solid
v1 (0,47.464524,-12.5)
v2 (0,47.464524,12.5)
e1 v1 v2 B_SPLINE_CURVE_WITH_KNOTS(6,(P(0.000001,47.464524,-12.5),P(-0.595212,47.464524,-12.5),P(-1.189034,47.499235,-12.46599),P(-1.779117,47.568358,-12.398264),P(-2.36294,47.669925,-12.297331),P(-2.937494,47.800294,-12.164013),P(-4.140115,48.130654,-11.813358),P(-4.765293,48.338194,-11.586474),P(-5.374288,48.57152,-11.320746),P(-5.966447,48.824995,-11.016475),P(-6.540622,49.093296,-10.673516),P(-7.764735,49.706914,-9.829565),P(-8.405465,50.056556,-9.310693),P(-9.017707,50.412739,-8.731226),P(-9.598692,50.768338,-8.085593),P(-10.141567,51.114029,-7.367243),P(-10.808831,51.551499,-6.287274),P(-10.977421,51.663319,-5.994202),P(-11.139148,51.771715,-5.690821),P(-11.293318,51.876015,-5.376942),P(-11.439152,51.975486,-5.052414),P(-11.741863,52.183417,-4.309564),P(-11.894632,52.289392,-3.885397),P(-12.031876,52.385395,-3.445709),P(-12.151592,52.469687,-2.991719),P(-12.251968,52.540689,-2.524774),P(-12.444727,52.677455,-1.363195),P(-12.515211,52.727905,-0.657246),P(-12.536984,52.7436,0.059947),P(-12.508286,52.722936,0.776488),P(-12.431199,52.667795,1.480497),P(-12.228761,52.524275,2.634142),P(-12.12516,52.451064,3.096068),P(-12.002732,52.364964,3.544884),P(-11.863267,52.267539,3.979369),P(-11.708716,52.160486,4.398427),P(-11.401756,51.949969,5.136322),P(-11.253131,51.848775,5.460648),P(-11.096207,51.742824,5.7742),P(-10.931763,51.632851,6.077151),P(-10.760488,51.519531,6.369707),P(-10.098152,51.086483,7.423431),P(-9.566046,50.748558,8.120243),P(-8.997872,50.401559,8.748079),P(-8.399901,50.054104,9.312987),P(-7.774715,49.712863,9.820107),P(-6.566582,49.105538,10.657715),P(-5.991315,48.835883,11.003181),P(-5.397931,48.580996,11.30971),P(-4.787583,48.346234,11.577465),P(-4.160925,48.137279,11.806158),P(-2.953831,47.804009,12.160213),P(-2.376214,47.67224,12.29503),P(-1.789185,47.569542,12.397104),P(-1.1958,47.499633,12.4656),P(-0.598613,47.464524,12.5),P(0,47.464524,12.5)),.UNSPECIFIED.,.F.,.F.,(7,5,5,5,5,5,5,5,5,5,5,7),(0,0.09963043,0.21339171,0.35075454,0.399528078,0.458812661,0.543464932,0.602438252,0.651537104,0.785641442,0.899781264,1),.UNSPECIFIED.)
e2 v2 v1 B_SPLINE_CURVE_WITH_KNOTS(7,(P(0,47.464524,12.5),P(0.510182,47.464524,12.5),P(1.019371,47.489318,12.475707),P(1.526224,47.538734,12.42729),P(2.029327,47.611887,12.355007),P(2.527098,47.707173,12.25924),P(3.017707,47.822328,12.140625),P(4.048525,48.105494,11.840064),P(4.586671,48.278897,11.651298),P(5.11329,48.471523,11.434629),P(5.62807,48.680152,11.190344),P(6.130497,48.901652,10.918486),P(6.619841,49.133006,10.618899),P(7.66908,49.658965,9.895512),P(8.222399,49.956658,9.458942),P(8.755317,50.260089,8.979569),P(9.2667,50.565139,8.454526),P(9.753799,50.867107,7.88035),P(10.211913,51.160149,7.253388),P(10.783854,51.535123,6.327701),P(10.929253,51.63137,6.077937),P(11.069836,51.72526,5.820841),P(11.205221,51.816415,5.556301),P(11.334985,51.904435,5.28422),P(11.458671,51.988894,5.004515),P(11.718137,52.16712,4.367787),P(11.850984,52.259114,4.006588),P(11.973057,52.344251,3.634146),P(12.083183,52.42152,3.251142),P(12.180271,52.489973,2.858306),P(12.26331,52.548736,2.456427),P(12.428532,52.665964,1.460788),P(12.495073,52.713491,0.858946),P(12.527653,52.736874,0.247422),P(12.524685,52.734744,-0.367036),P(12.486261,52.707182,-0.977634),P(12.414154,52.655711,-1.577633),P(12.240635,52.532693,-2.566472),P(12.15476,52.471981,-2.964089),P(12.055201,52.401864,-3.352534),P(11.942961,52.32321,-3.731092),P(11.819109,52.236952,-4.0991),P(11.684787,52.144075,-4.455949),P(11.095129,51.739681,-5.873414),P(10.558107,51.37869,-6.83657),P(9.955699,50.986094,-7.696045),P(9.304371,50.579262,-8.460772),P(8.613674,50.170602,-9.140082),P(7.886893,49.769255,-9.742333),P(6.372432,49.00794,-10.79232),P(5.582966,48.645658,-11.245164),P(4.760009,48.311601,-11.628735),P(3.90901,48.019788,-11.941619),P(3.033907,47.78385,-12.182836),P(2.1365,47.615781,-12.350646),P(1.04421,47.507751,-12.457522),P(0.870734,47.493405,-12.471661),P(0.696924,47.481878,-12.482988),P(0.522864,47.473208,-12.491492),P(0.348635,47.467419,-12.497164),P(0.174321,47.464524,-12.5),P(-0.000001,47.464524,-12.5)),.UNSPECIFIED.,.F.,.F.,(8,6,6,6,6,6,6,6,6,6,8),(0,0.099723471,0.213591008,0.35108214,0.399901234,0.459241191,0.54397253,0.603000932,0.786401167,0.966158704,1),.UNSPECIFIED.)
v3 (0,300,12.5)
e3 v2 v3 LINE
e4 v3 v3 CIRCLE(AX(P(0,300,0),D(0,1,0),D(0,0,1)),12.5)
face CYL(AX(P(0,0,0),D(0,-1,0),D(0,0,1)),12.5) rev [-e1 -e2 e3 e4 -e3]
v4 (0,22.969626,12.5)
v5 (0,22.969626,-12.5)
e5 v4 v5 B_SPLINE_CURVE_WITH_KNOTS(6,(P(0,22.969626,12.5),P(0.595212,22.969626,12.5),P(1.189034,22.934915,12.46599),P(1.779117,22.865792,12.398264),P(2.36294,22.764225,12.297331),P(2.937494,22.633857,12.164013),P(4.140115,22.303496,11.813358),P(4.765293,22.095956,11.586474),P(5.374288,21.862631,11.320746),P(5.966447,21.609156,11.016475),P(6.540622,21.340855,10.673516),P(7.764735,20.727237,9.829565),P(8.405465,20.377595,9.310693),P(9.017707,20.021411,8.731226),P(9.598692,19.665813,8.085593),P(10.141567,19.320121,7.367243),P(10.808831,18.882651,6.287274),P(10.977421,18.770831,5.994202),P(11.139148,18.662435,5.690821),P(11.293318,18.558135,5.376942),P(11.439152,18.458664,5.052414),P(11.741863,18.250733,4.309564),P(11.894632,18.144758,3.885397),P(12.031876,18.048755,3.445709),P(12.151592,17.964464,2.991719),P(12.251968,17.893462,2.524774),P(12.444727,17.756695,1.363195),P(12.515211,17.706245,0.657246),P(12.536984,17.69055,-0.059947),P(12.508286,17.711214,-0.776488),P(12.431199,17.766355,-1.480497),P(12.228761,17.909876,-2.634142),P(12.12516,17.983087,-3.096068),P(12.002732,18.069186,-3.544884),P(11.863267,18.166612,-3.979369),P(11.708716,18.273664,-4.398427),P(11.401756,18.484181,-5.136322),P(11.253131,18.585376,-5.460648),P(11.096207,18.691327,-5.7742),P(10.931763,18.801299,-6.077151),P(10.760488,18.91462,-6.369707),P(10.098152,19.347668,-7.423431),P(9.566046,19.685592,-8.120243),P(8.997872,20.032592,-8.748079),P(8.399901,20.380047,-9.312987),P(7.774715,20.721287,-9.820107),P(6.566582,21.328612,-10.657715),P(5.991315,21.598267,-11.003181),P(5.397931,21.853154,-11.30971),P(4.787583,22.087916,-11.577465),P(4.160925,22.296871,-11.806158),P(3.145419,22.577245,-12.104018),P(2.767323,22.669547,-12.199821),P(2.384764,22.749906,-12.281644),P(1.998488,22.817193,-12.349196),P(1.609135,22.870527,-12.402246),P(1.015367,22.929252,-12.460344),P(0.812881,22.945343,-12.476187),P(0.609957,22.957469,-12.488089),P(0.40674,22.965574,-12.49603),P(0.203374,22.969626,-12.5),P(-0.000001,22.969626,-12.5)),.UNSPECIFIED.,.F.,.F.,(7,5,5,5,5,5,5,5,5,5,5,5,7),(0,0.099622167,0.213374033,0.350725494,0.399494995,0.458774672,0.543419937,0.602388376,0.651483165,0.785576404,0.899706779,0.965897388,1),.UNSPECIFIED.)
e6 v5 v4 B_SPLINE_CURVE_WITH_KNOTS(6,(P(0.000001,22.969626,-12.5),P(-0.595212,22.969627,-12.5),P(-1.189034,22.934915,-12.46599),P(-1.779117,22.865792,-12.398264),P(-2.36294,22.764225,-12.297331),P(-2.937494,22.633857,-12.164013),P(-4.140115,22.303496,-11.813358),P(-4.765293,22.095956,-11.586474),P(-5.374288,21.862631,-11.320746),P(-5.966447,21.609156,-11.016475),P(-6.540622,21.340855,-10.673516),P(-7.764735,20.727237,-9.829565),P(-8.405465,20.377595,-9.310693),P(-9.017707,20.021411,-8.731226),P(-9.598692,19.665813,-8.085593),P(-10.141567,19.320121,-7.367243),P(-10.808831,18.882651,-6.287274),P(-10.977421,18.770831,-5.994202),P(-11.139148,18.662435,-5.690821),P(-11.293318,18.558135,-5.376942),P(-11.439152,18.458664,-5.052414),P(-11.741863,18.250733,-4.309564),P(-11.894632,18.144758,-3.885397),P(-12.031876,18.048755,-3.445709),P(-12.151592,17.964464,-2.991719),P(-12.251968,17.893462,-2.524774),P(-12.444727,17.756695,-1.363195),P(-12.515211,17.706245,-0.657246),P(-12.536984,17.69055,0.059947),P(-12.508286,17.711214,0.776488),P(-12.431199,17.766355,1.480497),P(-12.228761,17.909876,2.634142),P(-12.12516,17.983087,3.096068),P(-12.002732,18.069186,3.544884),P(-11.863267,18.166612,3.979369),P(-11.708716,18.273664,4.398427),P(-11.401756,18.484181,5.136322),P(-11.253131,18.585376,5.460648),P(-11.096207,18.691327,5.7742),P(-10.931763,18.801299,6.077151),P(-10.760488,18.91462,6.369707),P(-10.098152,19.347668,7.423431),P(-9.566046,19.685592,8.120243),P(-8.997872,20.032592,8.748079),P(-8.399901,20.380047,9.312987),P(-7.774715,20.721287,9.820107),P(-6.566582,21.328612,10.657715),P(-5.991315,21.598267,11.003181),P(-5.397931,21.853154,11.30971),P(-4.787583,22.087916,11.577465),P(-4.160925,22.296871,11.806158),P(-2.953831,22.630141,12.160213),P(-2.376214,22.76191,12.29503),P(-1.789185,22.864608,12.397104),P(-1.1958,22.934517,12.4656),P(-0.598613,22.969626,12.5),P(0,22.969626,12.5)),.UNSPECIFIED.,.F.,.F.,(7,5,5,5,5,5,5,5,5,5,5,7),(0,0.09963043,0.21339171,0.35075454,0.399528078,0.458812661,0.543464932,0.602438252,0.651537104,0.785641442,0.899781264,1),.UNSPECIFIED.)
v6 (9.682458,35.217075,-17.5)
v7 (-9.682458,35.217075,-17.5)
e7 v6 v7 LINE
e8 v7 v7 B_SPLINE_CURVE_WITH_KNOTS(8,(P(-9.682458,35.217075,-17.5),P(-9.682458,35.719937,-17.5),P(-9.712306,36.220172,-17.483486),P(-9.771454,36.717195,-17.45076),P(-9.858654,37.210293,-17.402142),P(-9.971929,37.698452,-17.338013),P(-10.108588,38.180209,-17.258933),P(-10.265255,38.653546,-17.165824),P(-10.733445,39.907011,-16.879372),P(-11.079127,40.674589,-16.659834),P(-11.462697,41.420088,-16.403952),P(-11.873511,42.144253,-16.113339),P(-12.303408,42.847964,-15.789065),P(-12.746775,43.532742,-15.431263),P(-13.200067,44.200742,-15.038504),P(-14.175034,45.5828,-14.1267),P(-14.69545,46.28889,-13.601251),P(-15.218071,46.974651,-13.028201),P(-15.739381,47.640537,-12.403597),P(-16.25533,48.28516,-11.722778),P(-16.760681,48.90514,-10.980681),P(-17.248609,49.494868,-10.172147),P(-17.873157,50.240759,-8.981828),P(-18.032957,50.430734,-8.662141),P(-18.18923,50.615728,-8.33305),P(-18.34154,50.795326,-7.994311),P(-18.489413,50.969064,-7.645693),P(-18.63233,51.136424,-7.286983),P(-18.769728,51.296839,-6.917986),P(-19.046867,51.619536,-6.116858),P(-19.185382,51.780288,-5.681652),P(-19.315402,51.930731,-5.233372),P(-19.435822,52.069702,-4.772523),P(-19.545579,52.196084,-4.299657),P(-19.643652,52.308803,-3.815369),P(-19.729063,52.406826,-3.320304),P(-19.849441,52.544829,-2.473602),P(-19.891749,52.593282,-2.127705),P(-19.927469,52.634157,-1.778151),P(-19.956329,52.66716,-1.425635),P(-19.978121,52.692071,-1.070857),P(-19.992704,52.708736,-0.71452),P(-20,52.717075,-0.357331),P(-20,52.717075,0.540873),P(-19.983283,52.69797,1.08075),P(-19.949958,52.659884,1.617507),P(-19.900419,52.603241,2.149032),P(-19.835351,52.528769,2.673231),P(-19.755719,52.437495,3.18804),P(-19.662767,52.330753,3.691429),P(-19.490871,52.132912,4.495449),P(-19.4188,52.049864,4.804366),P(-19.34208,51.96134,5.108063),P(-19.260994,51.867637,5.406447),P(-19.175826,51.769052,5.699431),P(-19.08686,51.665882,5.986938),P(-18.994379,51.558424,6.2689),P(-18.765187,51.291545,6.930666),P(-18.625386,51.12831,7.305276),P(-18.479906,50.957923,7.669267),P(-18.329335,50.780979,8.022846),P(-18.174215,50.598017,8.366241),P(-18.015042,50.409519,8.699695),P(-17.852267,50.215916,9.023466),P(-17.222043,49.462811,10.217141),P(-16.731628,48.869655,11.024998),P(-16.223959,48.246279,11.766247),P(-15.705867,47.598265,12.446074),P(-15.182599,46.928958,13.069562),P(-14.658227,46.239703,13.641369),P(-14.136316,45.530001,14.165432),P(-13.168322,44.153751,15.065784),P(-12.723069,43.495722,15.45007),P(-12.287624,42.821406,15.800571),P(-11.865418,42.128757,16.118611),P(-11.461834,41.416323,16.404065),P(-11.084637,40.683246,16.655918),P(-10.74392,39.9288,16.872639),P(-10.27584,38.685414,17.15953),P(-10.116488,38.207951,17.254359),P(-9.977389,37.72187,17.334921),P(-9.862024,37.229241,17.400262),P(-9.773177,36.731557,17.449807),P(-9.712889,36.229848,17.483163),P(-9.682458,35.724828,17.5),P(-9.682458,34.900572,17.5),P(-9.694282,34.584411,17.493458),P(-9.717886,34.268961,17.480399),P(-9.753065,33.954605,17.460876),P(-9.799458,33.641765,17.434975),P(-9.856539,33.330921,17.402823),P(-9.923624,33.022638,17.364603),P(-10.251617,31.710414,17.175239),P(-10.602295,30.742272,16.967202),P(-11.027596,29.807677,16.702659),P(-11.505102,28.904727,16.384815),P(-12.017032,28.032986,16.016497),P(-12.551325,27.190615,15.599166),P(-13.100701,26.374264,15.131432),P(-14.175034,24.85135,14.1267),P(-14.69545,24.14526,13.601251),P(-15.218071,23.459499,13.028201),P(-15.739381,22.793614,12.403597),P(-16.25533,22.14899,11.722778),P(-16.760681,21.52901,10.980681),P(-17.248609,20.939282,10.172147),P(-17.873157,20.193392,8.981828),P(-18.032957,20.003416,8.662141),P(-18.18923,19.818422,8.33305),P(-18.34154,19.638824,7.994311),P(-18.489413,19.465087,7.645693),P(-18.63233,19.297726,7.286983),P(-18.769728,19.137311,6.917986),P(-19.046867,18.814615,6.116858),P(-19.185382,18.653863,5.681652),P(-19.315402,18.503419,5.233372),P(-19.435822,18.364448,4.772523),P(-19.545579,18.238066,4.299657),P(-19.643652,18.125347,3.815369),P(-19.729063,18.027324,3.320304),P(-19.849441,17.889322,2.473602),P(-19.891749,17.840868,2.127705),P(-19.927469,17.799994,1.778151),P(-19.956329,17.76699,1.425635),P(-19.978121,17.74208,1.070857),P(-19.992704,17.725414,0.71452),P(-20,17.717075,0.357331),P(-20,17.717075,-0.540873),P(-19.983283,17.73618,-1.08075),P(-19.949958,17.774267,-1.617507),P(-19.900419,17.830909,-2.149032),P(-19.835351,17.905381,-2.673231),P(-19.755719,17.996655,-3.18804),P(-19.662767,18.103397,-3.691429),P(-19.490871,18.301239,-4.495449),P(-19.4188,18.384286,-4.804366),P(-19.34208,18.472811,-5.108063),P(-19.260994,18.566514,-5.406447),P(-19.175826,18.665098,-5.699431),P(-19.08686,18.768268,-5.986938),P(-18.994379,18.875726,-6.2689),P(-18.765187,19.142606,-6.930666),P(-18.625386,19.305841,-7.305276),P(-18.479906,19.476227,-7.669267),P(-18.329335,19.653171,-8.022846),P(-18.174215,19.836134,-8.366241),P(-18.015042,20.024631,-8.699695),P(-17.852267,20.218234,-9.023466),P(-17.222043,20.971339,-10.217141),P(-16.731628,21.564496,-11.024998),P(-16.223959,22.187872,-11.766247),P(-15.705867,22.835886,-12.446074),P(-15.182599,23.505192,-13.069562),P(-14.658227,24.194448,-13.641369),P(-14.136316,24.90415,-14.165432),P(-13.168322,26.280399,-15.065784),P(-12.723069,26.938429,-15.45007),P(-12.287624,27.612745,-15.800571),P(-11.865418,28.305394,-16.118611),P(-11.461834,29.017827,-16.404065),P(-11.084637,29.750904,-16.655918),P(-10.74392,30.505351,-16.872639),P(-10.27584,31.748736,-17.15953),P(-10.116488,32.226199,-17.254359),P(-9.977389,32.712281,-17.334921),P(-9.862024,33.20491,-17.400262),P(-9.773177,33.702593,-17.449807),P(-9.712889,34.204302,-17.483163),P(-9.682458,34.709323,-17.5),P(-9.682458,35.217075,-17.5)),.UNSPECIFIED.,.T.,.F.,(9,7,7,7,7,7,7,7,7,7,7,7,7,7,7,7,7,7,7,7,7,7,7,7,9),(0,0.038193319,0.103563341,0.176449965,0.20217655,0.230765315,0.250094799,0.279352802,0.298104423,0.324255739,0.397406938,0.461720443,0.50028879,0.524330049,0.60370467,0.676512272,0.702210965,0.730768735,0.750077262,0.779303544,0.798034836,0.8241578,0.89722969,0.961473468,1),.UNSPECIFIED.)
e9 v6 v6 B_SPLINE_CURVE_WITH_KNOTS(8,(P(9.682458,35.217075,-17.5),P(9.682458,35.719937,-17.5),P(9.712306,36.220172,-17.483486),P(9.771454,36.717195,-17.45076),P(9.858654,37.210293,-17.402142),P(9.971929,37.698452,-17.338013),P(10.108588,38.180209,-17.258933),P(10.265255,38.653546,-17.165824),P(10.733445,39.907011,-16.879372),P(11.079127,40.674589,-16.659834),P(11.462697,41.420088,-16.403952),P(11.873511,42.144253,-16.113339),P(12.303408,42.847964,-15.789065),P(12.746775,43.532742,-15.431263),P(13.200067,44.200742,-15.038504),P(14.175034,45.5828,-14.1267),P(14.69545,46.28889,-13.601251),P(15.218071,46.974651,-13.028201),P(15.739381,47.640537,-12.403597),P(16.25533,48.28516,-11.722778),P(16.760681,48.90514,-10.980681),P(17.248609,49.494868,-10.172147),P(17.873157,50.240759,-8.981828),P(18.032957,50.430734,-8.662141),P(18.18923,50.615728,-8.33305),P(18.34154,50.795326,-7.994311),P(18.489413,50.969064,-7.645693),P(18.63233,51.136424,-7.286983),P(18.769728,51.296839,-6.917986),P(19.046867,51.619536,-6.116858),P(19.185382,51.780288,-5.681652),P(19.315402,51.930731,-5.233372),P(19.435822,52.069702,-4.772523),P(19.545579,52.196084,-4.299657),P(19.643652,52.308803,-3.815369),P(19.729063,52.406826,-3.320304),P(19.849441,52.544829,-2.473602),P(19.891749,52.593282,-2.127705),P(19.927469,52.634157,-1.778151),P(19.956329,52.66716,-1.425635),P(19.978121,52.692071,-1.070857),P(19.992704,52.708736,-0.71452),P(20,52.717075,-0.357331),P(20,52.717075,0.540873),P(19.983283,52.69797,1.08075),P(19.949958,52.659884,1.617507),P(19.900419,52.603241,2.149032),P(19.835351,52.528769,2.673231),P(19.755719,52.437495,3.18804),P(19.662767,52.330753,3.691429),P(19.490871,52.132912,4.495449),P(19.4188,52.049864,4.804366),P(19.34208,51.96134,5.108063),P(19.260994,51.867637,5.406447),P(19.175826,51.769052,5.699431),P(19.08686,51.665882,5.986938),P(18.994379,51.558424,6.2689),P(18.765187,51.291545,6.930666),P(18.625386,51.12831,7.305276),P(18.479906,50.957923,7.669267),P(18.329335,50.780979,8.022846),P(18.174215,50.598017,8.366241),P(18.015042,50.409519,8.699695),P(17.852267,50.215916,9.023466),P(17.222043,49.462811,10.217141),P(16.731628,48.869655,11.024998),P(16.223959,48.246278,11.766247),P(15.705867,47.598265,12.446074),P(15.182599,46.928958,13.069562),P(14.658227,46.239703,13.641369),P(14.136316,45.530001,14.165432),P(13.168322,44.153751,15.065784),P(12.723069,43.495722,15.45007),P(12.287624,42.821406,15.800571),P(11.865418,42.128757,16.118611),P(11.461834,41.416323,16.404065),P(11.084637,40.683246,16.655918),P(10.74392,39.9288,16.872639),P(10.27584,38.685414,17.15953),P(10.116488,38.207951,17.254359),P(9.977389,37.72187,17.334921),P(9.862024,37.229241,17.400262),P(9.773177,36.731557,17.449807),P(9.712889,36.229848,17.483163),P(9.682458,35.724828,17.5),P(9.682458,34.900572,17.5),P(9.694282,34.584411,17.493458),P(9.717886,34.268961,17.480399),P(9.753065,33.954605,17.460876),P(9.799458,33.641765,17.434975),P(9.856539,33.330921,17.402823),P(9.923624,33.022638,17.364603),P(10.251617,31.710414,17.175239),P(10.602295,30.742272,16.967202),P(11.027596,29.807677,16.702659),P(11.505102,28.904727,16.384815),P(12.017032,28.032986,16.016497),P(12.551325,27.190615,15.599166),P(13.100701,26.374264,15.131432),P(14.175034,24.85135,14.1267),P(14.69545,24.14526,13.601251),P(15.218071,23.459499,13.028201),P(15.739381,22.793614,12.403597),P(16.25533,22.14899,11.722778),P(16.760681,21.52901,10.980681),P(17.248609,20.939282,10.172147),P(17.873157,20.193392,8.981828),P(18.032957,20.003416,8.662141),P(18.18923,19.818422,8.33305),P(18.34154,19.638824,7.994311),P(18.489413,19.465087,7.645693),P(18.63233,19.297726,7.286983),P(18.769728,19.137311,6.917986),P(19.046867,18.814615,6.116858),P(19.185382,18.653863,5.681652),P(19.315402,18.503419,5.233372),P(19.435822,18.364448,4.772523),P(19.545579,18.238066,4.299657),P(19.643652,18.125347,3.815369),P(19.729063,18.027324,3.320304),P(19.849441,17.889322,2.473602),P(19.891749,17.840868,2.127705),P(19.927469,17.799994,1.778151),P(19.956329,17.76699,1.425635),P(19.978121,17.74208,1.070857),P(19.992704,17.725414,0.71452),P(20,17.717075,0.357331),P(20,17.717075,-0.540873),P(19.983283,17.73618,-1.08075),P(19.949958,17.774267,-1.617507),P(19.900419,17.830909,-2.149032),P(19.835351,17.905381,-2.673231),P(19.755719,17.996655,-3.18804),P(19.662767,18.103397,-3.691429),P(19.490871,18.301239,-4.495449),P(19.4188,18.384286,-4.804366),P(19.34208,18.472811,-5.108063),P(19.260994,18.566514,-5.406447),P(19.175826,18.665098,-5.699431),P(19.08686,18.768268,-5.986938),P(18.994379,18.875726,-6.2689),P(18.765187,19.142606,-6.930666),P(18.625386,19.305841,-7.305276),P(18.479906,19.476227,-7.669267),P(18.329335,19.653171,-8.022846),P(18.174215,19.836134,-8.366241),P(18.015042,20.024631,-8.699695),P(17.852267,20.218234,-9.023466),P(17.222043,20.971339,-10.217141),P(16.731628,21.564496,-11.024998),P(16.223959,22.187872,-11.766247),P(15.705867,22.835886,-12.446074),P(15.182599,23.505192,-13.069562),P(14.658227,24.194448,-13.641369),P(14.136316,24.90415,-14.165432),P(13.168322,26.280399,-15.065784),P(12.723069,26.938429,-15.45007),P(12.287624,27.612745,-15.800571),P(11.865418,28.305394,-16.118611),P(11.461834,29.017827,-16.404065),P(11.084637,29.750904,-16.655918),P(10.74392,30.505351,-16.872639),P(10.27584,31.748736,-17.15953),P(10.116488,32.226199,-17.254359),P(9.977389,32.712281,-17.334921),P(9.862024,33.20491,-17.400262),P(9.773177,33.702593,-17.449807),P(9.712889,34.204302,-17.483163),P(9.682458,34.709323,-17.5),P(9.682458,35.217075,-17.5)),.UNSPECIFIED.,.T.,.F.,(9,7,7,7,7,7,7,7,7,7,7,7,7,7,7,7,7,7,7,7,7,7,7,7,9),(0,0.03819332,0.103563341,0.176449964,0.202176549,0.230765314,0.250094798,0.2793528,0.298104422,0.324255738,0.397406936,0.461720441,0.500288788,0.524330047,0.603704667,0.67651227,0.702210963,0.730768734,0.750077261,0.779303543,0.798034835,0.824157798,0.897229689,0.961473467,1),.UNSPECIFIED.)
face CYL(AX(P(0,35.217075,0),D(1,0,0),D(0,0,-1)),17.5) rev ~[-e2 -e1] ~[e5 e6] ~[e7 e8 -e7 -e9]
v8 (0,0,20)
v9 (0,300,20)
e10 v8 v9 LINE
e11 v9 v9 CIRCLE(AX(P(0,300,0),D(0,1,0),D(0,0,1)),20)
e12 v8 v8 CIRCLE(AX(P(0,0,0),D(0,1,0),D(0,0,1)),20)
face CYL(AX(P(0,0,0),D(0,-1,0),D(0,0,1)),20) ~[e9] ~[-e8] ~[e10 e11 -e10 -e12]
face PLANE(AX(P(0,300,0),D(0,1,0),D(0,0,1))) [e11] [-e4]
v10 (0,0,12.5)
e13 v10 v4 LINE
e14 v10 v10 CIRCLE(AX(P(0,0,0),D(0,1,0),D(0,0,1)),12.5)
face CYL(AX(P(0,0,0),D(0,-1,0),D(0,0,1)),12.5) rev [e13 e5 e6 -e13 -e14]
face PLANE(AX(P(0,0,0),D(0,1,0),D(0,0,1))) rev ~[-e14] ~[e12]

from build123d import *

# Parameters (mm, degrees)
SKETCH1_R                           = 20
SKETCH1_R_2                         = 12.5
BOSS_EXTRUDE1_DEPTH                 = 300
CUT_EXTRUDE1_REACH                  = 303.33
CUT_EXTRUDE1_END_RADIUS             = 20
SKETCH2_R                           = 17.5
CUT_EXTRUDE1_DIRECTION_2_REACH      = 303.33
CUT_EXTRUDE1_DIRECTION_2_END_RADIUS = 20


with BuildPart() as part:
    # Sketch1 → Boss-Extrude1 (new body)
    with BuildSketch(Plane(origin=(0, 0, 0), x_dir=(1, 0, 0), z_dir=(0, 1, 0))):
        with Locations(Location((0, 0, 0), (0, 0, 270))):
            Circle(SKETCH1_R)
        with Locations(Location((0, 0, 0), (0, 0, 270))):
            Circle(SKETCH1_R_2, mode=Mode.SUBTRACT)
    extrude(amount=BOSS_EXTRUDE1_DEPTH)

    # Cut-Extrude1: up to this cylinder (the profile starts inside it)
    cut_extrude1_end = Plane(origin=(0, 35.217075, 0), z_dir=(0, -1, 0)) * Cylinder(CUT_EXTRUDE1_END_RADIUS, 647.66, mode=Mode.PRIVATE)
    # Sketch2 → Cut-Extrude1 (cut, up to the surface)
    with BuildSketch(Plane(origin=(0, 0, 0), x_dir=(0, 0, -1), z_dir=(1, 0, 0)), mode=Mode.PRIVATE) as cut_extrude1_sk1:
        with Locations((0, 35.217075193)):
            Circle(SKETCH2_R)
    cut_extrude1_tool1 = extrude(cut_extrude1_sk1.sketch, amount=-CUT_EXTRUDE1_REACH, mode=Mode.PRIVATE) & cut_extrude1_end
    add(cut_extrude1_tool1.solids().sort_by_distance((0, 35.217075, 0))[0], mode=Mode.SUBTRACT)

    # Cut-Extrude1 direction 2: up to this cylinder (the profile starts inside it)
    cut_extrude1_direction_2_end = Plane(origin=(0, 35.217075, 0), z_dir=(0, -1, 0)) * Cylinder(CUT_EXTRUDE1_DIRECTION_2_END_RADIUS, 647.66, mode=Mode.PRIVATE)
    # Sketch2 → Cut-Extrude1 direction 2 (cut, up to the surface)
    with BuildSketch(Plane(origin=(0, 0, 0), x_dir=(0, 0, -1), z_dir=(1, 0, 0)), mode=Mode.PRIVATE) as cut_extrude1_direction_2_sk1:
        with Locations((0, 35.217075193)):
            Circle(SKETCH2_R)
    cut_extrude1_direction_2_tool1 = extrude(cut_extrude1_direction_2_sk1.sketch, amount=CUT_EXTRUDE1_DIRECTION_2_REACH, mode=Mode.PRIVATE) & cut_extrude1_direction_2_end
    add(cut_extrude1_direction_2_tool1.solids().sort_by_distance((0, 35.217075, 0))[0], mode=Mode.SUBTRACT)


solid = part.part
